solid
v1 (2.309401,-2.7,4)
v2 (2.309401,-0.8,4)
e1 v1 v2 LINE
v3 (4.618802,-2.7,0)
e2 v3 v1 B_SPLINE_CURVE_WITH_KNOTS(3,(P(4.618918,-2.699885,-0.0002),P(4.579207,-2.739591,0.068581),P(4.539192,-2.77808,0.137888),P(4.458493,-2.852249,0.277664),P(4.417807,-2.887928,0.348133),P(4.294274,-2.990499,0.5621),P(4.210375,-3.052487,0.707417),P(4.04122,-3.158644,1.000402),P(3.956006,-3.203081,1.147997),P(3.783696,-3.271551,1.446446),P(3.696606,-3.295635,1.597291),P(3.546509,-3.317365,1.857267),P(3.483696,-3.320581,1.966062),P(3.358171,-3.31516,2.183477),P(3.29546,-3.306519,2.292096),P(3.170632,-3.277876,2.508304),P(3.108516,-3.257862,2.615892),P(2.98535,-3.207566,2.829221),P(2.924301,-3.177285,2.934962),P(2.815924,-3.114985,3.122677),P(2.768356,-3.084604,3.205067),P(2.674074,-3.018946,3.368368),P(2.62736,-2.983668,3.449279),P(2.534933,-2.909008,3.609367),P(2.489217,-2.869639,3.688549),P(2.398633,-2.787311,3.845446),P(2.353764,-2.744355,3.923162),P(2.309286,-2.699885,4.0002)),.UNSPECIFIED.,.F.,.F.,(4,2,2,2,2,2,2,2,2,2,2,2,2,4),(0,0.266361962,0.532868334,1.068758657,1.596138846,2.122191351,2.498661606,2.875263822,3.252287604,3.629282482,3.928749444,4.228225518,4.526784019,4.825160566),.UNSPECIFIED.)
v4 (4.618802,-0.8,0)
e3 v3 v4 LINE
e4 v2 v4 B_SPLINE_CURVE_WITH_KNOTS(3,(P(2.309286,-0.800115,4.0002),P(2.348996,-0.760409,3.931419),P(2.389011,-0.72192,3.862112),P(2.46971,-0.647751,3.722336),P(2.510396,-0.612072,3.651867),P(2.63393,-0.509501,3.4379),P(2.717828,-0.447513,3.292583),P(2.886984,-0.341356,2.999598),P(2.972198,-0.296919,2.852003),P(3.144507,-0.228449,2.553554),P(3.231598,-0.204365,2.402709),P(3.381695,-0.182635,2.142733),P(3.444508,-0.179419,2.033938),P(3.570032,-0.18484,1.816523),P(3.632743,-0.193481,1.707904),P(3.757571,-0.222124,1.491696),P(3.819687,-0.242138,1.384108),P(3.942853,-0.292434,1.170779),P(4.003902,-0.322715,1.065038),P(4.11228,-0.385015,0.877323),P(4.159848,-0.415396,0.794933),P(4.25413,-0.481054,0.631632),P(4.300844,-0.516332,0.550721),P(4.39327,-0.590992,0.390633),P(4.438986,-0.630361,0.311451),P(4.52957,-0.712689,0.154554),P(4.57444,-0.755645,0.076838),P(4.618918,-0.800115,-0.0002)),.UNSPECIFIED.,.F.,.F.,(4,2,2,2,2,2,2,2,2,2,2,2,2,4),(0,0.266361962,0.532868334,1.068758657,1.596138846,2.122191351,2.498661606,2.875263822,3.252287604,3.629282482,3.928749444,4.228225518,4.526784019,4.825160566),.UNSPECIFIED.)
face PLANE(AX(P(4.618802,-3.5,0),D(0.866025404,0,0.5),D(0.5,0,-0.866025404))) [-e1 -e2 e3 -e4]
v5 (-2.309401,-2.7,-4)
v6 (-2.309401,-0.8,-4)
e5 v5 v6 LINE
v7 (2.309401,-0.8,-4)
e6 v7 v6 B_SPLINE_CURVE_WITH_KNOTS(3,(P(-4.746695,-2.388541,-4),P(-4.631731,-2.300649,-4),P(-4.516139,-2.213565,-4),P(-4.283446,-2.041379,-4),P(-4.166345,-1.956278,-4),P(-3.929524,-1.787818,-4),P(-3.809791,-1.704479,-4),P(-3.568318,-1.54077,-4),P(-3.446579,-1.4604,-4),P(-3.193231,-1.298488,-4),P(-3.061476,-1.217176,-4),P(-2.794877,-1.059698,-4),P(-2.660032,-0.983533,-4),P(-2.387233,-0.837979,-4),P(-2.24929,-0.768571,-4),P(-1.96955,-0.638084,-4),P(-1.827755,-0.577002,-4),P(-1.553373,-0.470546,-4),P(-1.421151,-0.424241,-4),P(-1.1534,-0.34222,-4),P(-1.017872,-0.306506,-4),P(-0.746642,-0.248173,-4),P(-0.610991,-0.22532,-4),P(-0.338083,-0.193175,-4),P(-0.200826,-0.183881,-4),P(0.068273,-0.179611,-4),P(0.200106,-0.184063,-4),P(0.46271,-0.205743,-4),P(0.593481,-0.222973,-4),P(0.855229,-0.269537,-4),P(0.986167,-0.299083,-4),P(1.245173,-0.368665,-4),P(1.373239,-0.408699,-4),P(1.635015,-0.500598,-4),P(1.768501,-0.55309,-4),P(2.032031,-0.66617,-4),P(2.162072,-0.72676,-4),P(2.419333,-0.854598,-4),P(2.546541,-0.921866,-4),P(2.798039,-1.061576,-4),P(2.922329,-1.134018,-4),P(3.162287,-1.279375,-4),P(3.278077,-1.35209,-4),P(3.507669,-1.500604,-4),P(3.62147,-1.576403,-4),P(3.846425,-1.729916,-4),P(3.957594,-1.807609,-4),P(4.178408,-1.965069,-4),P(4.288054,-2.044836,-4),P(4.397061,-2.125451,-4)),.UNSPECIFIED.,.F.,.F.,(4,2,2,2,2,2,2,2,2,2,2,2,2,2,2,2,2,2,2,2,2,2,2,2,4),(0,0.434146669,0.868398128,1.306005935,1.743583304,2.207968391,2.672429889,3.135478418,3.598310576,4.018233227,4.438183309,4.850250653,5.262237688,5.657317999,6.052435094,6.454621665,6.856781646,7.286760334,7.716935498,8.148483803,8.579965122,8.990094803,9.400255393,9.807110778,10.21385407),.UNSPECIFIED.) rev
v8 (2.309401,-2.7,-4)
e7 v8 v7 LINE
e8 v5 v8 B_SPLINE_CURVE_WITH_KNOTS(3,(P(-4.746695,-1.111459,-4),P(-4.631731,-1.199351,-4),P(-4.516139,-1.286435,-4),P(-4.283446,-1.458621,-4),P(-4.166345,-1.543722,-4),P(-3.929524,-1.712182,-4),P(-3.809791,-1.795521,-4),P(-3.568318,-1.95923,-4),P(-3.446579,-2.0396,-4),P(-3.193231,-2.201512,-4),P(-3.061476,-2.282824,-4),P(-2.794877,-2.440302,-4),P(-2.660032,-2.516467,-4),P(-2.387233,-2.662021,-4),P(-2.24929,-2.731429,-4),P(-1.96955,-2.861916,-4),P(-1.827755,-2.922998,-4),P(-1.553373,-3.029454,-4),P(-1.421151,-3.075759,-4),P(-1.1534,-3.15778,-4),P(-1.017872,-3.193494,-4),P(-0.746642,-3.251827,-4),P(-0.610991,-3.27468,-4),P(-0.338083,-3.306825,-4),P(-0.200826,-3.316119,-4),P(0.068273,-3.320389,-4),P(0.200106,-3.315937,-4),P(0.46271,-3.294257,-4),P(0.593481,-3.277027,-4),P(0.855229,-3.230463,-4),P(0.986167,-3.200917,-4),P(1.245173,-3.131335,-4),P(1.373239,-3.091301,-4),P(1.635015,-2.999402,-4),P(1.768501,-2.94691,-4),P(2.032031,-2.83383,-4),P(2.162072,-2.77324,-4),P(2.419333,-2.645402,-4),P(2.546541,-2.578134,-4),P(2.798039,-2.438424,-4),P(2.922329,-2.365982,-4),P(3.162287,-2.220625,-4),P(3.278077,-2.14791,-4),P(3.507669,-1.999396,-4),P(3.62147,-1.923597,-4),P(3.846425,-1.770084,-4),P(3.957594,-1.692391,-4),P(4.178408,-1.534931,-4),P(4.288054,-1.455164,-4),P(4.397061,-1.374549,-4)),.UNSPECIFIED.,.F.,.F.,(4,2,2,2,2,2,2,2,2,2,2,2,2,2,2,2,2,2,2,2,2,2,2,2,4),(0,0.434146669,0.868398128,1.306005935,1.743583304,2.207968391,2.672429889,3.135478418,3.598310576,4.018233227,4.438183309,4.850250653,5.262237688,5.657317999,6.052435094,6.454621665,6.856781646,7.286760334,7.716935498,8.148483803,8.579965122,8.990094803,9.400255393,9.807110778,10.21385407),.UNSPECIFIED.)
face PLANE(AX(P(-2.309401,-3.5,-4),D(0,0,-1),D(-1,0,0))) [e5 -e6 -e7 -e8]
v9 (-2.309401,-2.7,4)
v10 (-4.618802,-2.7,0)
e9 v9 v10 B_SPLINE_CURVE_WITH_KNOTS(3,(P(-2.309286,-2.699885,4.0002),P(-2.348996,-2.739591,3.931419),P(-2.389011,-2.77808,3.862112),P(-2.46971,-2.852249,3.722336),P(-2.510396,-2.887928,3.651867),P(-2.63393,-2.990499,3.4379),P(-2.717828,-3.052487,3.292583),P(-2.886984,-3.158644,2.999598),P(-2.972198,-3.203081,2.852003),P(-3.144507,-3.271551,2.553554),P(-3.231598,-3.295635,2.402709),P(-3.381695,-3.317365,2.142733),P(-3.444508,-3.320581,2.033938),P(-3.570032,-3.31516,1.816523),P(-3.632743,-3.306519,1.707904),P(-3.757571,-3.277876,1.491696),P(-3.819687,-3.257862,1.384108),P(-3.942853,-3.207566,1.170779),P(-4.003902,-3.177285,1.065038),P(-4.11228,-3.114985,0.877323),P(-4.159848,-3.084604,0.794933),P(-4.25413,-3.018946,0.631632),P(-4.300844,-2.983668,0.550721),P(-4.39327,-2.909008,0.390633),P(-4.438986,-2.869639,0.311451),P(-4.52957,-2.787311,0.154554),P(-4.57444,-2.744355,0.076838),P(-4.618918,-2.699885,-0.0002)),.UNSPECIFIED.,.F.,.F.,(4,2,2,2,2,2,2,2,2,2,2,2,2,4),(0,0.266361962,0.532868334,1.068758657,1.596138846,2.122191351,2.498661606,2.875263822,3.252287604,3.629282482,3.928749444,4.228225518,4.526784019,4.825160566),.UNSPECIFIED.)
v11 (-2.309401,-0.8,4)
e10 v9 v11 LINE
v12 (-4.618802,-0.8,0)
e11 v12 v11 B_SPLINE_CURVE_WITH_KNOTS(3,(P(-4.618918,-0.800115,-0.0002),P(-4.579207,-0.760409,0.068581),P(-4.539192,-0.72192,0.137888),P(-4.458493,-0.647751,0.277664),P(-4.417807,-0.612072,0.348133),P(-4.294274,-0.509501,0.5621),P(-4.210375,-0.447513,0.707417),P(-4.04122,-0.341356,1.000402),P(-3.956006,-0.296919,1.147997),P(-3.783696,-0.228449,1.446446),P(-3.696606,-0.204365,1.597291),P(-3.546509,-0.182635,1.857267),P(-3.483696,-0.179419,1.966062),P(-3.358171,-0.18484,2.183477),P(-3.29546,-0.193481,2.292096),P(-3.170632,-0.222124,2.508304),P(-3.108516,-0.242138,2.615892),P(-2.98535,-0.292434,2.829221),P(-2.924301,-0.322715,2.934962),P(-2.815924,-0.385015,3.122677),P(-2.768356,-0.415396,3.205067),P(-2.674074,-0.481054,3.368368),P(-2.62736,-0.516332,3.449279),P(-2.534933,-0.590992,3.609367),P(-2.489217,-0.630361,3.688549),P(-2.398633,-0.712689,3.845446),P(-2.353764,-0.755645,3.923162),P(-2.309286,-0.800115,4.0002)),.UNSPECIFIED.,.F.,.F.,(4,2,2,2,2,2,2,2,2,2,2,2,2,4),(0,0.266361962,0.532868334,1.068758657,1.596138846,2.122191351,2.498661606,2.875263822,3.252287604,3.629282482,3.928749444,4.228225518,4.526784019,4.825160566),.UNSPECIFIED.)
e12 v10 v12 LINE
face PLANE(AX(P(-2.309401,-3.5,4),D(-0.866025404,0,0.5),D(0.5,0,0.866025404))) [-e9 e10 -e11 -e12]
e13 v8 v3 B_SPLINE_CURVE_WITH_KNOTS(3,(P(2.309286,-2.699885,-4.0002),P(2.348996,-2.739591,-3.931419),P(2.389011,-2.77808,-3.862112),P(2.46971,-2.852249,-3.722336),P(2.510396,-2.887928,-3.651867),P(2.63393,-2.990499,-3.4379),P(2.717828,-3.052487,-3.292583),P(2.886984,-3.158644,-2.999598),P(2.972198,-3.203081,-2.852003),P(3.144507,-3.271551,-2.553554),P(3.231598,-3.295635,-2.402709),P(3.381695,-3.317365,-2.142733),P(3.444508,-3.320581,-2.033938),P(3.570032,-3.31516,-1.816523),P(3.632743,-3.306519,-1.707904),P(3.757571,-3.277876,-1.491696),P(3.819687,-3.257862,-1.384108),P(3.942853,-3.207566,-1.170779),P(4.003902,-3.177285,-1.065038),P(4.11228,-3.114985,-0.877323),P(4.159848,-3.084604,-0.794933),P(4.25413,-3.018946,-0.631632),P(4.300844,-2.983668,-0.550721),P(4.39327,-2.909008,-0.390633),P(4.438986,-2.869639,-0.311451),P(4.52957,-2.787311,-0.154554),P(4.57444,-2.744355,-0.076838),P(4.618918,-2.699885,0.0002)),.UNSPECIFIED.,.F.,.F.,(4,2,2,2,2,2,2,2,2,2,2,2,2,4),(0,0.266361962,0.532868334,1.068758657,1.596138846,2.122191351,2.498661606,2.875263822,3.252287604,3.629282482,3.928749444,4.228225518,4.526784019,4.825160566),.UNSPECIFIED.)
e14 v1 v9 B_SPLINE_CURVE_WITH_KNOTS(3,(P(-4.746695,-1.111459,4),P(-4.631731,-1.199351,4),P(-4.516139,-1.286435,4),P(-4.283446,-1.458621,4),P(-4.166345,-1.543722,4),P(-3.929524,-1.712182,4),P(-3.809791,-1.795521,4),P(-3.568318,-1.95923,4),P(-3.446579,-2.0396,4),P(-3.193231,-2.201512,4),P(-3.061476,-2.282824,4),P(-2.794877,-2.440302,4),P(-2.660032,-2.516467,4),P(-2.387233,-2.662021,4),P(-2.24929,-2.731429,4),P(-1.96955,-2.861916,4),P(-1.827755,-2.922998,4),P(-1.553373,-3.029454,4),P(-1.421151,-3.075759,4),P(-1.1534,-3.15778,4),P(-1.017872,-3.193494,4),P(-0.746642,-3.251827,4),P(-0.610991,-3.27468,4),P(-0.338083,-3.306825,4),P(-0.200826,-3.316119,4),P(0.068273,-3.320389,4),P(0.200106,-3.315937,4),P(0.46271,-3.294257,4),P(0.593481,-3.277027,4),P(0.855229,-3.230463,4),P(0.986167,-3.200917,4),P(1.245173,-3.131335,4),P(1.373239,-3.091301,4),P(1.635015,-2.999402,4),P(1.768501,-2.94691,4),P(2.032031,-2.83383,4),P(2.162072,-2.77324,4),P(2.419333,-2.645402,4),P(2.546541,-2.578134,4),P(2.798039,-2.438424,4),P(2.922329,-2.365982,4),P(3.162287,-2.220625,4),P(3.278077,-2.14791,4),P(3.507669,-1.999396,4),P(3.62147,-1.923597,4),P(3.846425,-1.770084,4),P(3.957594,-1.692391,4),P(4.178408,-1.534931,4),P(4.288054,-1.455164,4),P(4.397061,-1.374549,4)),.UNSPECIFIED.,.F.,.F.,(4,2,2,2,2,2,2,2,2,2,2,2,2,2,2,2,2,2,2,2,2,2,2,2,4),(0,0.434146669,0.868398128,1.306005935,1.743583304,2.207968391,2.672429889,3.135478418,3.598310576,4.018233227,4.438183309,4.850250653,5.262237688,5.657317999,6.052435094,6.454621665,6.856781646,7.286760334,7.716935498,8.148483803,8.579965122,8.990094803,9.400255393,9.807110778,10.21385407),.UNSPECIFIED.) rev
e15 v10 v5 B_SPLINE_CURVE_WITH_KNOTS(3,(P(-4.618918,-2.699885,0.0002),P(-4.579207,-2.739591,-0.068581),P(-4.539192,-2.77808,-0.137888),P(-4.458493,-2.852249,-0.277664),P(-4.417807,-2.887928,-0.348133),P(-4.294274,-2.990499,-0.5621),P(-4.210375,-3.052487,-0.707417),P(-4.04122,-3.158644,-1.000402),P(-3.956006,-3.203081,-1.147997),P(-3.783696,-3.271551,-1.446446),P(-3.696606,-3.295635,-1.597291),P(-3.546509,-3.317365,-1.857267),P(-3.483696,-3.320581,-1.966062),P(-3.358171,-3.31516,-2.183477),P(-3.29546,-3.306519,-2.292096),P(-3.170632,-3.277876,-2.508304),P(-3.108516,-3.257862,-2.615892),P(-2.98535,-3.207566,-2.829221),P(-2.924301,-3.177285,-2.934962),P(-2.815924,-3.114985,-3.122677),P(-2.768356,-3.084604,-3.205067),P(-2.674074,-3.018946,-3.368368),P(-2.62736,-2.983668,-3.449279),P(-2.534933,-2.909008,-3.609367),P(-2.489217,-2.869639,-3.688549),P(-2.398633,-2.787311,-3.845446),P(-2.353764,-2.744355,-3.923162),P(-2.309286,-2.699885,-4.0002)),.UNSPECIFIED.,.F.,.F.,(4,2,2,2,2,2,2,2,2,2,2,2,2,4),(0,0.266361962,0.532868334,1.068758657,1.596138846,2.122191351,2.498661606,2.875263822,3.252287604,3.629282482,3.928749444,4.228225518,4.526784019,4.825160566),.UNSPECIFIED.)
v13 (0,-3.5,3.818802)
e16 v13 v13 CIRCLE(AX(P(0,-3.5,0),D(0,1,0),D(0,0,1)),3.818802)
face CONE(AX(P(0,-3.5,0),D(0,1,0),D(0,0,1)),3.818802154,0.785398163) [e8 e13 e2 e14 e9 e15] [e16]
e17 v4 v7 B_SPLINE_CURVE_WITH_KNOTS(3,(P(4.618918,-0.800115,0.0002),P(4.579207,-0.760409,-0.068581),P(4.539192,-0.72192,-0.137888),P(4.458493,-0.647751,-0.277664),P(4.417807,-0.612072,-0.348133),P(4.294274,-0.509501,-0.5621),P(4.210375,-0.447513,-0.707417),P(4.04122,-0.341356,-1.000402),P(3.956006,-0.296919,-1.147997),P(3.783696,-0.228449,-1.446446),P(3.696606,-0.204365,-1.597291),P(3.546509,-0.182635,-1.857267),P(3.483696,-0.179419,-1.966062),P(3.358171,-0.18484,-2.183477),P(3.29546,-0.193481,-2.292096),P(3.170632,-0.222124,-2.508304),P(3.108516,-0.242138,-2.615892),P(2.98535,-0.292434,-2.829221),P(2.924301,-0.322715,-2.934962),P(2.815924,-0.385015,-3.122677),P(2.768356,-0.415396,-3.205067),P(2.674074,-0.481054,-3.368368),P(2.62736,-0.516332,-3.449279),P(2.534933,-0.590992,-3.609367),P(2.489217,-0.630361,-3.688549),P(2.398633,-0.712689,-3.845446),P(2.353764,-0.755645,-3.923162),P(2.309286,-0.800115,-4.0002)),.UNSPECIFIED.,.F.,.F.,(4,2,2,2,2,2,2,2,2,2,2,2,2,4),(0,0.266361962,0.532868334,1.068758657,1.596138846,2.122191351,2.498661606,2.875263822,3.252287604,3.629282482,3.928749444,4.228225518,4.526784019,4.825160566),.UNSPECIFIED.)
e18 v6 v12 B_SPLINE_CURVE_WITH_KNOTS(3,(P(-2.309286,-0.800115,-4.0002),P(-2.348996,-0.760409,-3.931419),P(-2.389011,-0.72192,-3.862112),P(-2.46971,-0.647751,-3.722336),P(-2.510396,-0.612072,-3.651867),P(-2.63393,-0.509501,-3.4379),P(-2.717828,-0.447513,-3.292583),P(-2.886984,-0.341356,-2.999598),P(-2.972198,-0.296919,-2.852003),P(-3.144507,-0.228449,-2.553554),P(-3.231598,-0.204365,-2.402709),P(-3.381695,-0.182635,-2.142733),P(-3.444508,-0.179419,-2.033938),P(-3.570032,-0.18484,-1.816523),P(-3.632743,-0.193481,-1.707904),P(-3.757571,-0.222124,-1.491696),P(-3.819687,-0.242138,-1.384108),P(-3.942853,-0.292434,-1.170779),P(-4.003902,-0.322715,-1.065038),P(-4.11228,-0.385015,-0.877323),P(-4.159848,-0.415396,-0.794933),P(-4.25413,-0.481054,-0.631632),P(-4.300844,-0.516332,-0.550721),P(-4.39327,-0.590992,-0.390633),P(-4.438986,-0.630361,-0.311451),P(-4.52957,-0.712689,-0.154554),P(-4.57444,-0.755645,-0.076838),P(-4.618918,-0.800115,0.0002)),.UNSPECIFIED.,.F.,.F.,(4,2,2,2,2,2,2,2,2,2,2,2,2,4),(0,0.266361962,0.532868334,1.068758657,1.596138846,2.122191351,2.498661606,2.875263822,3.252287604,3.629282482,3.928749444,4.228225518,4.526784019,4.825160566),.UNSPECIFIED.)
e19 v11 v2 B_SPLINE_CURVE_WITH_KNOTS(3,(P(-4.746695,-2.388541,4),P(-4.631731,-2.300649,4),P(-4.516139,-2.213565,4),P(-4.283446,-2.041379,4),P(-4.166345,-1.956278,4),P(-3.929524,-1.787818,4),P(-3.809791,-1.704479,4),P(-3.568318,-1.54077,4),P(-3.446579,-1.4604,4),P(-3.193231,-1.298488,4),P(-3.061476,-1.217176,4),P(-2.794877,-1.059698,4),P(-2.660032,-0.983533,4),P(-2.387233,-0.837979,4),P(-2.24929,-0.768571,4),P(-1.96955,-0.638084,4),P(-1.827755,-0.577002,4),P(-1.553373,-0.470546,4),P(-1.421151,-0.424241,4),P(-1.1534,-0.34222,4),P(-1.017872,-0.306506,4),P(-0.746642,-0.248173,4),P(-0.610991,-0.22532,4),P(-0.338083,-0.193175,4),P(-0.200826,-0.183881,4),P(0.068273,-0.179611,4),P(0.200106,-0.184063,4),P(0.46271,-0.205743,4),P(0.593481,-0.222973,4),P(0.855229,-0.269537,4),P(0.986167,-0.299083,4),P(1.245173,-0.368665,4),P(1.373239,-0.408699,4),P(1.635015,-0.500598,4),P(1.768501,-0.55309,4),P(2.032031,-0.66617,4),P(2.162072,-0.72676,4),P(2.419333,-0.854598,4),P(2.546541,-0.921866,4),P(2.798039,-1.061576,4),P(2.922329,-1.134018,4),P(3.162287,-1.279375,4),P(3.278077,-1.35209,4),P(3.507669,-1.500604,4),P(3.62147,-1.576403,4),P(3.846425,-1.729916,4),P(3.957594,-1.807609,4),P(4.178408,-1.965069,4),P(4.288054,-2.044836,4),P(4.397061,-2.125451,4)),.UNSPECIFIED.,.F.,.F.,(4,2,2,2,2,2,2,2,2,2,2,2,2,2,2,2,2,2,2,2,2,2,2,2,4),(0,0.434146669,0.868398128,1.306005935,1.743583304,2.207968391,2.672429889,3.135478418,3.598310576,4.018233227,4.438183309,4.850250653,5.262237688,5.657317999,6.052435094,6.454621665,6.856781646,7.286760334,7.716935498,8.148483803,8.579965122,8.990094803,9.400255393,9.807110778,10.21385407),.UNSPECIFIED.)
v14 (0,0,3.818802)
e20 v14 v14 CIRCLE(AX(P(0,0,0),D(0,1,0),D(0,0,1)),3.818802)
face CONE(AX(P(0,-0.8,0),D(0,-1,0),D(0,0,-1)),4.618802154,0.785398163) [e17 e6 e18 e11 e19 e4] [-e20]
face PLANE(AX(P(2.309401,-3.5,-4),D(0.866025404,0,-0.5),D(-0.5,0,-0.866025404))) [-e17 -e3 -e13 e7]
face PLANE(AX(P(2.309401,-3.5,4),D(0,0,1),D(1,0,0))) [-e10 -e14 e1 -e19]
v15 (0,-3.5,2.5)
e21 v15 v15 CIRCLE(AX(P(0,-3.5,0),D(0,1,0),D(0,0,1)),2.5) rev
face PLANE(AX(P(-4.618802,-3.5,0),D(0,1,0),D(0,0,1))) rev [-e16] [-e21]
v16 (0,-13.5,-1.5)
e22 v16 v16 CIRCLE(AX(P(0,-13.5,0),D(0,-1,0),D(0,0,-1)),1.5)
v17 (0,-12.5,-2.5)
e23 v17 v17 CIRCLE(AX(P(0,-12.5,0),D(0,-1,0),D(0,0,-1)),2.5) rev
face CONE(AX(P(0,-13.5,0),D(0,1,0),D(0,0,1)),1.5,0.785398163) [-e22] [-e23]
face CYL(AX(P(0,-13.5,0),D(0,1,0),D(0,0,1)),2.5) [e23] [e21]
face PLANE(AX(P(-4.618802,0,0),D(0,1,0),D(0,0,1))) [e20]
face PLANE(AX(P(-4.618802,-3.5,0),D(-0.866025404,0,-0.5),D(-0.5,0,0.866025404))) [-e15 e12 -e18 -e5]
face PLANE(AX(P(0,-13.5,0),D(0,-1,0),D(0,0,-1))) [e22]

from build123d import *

# Parameters (mm, degrees)
EXTRUDE_1_DEPTH = 3.5
SKETCH_5_R      = 2.5
EXTRUDE_2_DEPTH = 10
CHAMFER_1_SIZE  = 1


with BuildPart() as part:
    # Эскиз1 → Вытянуть1 (new body)
    with BuildSketch(Plane(origin=(0, 0, 0), x_dir=(1, 0, 0), z_dir=(0, 1, 0))):
        Polygon((-2.309401077, 4), (2.309401077, 4), (4.618802154, 0), (2.309401077, -4), (-2.309401077, -4), (-4.618802154, 0), align=None)
    extrude(amount=-EXTRUDE_1_DEPTH)

    # Эскиз5 → Вытянуть2 (add)
    with BuildSketch(Plane.XZ.offset(3.5)):
        with Locations(Location((0, 0, 0), (0, 0, 90))):
            Circle(SKETCH_5_R)
    extrude(amount=EXTRUDE_2_DEPTH)

    # Фаска1
    chamfer_1_edges = [part.edges().sort_by_distance(p)[0] for p in [
        (0, -13.5, -2.5),
    ]]
    chamfer(chamfer_1_edges, length=CHAMFER_1_SIZE)

    # Эскиз4 → Вырез-Повернуть1 (revolve, cut)
    with BuildSketch(Plane.XY, mode=Mode.PRIVATE) as cut_revolve_1_sk:
        Polygon((-4.618802154, -0.8), (-3.818802154, 0), (-4.618802154, 0), align=None)
        Polygon((-4.618802154, -2.7), (-3.818802154, -3.5), (-4.618802154, -3.5), align=None)
    revolve(cut_revolve_1_sk.sketch.rotate(Axis((0, -3.5, 0), (0, -1, 0)), 120.000000119), axis=Axis((0, -3.5, 0), (0, -1, 0)), mode=Mode.SUBTRACT)


solid = part.part
